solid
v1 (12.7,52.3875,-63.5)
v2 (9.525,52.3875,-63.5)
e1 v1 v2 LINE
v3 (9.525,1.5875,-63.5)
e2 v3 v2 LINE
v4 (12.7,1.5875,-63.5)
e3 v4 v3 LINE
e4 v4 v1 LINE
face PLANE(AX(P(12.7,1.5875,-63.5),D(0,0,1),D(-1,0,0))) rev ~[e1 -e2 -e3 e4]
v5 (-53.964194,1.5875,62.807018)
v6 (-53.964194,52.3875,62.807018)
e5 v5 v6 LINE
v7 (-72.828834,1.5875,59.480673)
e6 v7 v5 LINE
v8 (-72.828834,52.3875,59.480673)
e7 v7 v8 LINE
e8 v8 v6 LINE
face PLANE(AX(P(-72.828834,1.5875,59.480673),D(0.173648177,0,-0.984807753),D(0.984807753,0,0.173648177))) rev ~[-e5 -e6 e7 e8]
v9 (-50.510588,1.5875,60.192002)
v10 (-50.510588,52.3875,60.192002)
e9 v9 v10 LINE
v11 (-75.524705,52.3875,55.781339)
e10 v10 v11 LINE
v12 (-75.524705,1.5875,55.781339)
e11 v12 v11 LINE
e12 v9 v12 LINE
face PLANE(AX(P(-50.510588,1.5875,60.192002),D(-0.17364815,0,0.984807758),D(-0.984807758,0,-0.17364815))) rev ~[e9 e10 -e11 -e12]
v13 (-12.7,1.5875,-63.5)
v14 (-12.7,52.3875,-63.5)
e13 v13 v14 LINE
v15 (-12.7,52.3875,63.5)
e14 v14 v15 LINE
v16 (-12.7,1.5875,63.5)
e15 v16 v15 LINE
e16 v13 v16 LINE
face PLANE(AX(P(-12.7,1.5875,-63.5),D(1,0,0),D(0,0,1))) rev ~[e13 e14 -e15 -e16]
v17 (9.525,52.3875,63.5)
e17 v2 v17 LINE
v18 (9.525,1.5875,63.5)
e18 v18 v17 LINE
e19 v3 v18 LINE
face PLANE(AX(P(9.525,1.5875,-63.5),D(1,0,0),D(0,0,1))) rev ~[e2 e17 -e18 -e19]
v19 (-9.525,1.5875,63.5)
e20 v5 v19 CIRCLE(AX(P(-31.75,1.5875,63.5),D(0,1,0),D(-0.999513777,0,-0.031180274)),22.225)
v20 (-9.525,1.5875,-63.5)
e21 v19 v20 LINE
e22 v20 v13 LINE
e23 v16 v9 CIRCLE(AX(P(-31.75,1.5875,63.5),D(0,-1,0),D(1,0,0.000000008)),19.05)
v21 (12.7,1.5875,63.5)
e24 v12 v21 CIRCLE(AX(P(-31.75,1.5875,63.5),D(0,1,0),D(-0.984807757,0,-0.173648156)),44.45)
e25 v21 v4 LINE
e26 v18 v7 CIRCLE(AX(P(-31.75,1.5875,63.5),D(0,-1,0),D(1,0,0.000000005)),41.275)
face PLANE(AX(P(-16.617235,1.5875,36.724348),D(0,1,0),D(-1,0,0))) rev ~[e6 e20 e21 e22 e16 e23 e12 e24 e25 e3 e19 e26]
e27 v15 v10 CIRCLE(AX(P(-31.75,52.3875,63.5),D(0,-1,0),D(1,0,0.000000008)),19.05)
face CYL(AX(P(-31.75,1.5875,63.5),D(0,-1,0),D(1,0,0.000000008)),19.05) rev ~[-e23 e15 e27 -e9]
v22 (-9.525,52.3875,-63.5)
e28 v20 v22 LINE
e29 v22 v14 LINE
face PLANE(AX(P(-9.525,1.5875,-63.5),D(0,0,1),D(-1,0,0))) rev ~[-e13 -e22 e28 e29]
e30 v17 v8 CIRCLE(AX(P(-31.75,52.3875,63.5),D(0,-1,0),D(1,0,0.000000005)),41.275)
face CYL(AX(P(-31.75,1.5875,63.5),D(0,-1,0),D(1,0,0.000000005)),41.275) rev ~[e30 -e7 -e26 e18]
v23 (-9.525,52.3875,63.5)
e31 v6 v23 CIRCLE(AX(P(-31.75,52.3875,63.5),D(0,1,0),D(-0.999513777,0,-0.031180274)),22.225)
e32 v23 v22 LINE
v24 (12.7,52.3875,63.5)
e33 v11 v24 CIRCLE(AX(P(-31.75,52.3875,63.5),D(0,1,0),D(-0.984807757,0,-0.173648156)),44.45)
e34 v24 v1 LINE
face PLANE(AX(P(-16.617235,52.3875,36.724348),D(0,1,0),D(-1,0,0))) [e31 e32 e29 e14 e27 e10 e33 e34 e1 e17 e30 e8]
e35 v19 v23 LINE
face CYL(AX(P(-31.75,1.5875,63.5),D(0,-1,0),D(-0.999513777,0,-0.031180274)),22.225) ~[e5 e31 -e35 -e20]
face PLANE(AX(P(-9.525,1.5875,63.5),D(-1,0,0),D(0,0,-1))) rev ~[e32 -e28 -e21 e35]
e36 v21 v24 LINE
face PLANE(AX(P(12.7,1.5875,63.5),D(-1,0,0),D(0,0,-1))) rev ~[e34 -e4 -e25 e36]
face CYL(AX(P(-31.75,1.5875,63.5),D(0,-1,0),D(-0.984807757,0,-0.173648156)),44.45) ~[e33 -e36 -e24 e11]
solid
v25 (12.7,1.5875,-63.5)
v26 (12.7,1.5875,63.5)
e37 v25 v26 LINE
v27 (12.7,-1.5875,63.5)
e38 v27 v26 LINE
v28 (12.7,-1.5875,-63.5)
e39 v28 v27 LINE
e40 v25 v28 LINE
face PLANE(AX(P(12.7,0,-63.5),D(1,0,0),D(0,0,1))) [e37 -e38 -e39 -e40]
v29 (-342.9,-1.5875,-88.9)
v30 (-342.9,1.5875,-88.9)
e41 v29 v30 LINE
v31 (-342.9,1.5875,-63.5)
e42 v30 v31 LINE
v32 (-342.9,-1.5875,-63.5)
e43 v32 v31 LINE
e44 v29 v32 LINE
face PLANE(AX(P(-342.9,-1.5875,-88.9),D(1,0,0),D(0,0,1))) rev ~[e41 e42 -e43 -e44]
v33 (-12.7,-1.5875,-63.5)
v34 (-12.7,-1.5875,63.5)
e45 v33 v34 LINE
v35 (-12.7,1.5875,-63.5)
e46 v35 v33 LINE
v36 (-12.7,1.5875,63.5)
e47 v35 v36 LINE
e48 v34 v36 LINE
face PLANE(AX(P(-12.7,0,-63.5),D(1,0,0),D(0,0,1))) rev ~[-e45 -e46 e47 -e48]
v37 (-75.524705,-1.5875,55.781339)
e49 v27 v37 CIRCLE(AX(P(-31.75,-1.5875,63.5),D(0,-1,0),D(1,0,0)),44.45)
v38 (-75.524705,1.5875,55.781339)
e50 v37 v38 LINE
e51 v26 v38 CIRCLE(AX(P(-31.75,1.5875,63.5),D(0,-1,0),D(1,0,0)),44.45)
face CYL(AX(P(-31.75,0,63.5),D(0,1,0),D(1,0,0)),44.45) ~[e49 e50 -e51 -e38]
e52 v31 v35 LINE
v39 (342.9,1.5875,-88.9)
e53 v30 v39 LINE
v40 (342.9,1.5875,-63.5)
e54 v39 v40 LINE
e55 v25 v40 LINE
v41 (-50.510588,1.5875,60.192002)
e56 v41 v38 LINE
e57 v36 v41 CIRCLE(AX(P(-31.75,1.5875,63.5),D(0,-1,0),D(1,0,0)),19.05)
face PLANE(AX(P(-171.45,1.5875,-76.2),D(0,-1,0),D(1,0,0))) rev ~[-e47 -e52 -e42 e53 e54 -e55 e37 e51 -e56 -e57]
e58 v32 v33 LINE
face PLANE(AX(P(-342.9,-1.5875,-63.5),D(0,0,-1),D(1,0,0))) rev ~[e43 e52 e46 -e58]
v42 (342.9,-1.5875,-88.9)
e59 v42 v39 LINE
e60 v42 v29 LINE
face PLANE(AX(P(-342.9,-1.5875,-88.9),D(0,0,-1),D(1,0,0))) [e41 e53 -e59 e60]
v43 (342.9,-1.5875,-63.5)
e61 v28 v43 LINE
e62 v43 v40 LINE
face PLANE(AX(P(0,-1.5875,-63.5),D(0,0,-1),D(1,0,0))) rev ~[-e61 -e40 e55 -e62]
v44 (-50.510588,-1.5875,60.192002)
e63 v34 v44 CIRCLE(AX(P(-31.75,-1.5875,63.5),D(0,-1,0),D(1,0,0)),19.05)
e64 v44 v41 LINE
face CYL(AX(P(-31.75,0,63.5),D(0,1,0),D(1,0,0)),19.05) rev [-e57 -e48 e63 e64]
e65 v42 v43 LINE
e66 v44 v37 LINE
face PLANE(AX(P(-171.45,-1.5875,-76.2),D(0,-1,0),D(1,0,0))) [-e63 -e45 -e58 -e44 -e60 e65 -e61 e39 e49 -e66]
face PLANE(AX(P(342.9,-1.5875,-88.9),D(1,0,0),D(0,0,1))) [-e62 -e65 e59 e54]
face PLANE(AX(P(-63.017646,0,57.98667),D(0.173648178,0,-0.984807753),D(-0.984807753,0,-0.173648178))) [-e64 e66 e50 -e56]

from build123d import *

# Parameters (mm, degrees)
F0_W     = 25.4
F0_H     = 127
F1_DEPTH = 1.5875
F2_W     = 25.4
F2_H     = 3.175
F3_ANGLE = 190
F4_W     = 342.9
F4_H     = 25.4
F5_DEPTH = 3.175
F6_W     = 342.9
F6_H     = 25.4
F7_DEPTH = 3.175
F9_DEPTH = 50.8


with BuildPart() as f1:
    # F0 (on Front) → F1 (new body, symmetric)
    with BuildSketch(Plane.XZ):
        Rectangle(F0_W, F0_H)
    extrude(amount=F1_DEPTH, both=True)

    # F2 (on face) → F3 (revolve)
    with BuildSketch(Plane.XY.offset(63.5)):
        Rectangle(F2_W, F2_H)
    revolve(axis=Axis((-31.75, 5.55625, 63.5), (0, -1, 0)), revolution_arc=F3_ANGLE)

    # F4 (on face) → F5 (join)
    with BuildSketch(Plane.XZ.offset(1.5875)):
        with Locations((171.45, -76.2)):
            Rectangle(F4_W, F4_H)
    extrude(amount=-F5_DEPTH)

    # F6 (on face) → F7 (join)
    with BuildSketch(Plane.XZ.offset(1.5875)):
        with Locations((-171.45, -76.2)):
            Rectangle(F6_W, F6_H)
    extrude(amount=-F7_DEPTH)


with BuildPart() as f9:
    # F8 (on face) → F9 (new body)
    with BuildSketch(Plane(origin=(0, 1.5875, 0), x_dir=(-1, 0, 0), z_dir=(0, 1, 0))):
        with BuildLine():
            Line((50.510588, 60.192002), (75.524705, 55.781339))
            ThreePointArc((75.524705, 55.781339), (35.624073, 107.780854), (-12.7, 63.5))
            Line((-12.7, 63.5), (-12.7, -63.5))
            Line((-12.7, -63.5), (-9.525, -63.5))
            Line((-9.525, -63.5), (-9.525, 63.5))
            ThreePointArc((-9.525, 63.5), (33.762056, 104.725929), (72.828834, 59.480673))
            Line((72.828834, 59.480673), (53.964194, 62.807018))
            ThreePointArc((53.964194, 62.807018), (32.096533, 85.722298), (9.525, 63.5))
            Line((9.525, 63.5), (9.525, -63.5))
            Line((9.525, -63.5), (12.7, -63.5))
            Line((12.7, -63.5), (12.7, 63.5))
            ThreePointArc((12.7, 63.5), (33.410317, 82.477509), (50.510588, 60.192002))
        make_face()
    extrude(amount=F9_DEPTH)


solid = Compound([f1.part, f9.part])
